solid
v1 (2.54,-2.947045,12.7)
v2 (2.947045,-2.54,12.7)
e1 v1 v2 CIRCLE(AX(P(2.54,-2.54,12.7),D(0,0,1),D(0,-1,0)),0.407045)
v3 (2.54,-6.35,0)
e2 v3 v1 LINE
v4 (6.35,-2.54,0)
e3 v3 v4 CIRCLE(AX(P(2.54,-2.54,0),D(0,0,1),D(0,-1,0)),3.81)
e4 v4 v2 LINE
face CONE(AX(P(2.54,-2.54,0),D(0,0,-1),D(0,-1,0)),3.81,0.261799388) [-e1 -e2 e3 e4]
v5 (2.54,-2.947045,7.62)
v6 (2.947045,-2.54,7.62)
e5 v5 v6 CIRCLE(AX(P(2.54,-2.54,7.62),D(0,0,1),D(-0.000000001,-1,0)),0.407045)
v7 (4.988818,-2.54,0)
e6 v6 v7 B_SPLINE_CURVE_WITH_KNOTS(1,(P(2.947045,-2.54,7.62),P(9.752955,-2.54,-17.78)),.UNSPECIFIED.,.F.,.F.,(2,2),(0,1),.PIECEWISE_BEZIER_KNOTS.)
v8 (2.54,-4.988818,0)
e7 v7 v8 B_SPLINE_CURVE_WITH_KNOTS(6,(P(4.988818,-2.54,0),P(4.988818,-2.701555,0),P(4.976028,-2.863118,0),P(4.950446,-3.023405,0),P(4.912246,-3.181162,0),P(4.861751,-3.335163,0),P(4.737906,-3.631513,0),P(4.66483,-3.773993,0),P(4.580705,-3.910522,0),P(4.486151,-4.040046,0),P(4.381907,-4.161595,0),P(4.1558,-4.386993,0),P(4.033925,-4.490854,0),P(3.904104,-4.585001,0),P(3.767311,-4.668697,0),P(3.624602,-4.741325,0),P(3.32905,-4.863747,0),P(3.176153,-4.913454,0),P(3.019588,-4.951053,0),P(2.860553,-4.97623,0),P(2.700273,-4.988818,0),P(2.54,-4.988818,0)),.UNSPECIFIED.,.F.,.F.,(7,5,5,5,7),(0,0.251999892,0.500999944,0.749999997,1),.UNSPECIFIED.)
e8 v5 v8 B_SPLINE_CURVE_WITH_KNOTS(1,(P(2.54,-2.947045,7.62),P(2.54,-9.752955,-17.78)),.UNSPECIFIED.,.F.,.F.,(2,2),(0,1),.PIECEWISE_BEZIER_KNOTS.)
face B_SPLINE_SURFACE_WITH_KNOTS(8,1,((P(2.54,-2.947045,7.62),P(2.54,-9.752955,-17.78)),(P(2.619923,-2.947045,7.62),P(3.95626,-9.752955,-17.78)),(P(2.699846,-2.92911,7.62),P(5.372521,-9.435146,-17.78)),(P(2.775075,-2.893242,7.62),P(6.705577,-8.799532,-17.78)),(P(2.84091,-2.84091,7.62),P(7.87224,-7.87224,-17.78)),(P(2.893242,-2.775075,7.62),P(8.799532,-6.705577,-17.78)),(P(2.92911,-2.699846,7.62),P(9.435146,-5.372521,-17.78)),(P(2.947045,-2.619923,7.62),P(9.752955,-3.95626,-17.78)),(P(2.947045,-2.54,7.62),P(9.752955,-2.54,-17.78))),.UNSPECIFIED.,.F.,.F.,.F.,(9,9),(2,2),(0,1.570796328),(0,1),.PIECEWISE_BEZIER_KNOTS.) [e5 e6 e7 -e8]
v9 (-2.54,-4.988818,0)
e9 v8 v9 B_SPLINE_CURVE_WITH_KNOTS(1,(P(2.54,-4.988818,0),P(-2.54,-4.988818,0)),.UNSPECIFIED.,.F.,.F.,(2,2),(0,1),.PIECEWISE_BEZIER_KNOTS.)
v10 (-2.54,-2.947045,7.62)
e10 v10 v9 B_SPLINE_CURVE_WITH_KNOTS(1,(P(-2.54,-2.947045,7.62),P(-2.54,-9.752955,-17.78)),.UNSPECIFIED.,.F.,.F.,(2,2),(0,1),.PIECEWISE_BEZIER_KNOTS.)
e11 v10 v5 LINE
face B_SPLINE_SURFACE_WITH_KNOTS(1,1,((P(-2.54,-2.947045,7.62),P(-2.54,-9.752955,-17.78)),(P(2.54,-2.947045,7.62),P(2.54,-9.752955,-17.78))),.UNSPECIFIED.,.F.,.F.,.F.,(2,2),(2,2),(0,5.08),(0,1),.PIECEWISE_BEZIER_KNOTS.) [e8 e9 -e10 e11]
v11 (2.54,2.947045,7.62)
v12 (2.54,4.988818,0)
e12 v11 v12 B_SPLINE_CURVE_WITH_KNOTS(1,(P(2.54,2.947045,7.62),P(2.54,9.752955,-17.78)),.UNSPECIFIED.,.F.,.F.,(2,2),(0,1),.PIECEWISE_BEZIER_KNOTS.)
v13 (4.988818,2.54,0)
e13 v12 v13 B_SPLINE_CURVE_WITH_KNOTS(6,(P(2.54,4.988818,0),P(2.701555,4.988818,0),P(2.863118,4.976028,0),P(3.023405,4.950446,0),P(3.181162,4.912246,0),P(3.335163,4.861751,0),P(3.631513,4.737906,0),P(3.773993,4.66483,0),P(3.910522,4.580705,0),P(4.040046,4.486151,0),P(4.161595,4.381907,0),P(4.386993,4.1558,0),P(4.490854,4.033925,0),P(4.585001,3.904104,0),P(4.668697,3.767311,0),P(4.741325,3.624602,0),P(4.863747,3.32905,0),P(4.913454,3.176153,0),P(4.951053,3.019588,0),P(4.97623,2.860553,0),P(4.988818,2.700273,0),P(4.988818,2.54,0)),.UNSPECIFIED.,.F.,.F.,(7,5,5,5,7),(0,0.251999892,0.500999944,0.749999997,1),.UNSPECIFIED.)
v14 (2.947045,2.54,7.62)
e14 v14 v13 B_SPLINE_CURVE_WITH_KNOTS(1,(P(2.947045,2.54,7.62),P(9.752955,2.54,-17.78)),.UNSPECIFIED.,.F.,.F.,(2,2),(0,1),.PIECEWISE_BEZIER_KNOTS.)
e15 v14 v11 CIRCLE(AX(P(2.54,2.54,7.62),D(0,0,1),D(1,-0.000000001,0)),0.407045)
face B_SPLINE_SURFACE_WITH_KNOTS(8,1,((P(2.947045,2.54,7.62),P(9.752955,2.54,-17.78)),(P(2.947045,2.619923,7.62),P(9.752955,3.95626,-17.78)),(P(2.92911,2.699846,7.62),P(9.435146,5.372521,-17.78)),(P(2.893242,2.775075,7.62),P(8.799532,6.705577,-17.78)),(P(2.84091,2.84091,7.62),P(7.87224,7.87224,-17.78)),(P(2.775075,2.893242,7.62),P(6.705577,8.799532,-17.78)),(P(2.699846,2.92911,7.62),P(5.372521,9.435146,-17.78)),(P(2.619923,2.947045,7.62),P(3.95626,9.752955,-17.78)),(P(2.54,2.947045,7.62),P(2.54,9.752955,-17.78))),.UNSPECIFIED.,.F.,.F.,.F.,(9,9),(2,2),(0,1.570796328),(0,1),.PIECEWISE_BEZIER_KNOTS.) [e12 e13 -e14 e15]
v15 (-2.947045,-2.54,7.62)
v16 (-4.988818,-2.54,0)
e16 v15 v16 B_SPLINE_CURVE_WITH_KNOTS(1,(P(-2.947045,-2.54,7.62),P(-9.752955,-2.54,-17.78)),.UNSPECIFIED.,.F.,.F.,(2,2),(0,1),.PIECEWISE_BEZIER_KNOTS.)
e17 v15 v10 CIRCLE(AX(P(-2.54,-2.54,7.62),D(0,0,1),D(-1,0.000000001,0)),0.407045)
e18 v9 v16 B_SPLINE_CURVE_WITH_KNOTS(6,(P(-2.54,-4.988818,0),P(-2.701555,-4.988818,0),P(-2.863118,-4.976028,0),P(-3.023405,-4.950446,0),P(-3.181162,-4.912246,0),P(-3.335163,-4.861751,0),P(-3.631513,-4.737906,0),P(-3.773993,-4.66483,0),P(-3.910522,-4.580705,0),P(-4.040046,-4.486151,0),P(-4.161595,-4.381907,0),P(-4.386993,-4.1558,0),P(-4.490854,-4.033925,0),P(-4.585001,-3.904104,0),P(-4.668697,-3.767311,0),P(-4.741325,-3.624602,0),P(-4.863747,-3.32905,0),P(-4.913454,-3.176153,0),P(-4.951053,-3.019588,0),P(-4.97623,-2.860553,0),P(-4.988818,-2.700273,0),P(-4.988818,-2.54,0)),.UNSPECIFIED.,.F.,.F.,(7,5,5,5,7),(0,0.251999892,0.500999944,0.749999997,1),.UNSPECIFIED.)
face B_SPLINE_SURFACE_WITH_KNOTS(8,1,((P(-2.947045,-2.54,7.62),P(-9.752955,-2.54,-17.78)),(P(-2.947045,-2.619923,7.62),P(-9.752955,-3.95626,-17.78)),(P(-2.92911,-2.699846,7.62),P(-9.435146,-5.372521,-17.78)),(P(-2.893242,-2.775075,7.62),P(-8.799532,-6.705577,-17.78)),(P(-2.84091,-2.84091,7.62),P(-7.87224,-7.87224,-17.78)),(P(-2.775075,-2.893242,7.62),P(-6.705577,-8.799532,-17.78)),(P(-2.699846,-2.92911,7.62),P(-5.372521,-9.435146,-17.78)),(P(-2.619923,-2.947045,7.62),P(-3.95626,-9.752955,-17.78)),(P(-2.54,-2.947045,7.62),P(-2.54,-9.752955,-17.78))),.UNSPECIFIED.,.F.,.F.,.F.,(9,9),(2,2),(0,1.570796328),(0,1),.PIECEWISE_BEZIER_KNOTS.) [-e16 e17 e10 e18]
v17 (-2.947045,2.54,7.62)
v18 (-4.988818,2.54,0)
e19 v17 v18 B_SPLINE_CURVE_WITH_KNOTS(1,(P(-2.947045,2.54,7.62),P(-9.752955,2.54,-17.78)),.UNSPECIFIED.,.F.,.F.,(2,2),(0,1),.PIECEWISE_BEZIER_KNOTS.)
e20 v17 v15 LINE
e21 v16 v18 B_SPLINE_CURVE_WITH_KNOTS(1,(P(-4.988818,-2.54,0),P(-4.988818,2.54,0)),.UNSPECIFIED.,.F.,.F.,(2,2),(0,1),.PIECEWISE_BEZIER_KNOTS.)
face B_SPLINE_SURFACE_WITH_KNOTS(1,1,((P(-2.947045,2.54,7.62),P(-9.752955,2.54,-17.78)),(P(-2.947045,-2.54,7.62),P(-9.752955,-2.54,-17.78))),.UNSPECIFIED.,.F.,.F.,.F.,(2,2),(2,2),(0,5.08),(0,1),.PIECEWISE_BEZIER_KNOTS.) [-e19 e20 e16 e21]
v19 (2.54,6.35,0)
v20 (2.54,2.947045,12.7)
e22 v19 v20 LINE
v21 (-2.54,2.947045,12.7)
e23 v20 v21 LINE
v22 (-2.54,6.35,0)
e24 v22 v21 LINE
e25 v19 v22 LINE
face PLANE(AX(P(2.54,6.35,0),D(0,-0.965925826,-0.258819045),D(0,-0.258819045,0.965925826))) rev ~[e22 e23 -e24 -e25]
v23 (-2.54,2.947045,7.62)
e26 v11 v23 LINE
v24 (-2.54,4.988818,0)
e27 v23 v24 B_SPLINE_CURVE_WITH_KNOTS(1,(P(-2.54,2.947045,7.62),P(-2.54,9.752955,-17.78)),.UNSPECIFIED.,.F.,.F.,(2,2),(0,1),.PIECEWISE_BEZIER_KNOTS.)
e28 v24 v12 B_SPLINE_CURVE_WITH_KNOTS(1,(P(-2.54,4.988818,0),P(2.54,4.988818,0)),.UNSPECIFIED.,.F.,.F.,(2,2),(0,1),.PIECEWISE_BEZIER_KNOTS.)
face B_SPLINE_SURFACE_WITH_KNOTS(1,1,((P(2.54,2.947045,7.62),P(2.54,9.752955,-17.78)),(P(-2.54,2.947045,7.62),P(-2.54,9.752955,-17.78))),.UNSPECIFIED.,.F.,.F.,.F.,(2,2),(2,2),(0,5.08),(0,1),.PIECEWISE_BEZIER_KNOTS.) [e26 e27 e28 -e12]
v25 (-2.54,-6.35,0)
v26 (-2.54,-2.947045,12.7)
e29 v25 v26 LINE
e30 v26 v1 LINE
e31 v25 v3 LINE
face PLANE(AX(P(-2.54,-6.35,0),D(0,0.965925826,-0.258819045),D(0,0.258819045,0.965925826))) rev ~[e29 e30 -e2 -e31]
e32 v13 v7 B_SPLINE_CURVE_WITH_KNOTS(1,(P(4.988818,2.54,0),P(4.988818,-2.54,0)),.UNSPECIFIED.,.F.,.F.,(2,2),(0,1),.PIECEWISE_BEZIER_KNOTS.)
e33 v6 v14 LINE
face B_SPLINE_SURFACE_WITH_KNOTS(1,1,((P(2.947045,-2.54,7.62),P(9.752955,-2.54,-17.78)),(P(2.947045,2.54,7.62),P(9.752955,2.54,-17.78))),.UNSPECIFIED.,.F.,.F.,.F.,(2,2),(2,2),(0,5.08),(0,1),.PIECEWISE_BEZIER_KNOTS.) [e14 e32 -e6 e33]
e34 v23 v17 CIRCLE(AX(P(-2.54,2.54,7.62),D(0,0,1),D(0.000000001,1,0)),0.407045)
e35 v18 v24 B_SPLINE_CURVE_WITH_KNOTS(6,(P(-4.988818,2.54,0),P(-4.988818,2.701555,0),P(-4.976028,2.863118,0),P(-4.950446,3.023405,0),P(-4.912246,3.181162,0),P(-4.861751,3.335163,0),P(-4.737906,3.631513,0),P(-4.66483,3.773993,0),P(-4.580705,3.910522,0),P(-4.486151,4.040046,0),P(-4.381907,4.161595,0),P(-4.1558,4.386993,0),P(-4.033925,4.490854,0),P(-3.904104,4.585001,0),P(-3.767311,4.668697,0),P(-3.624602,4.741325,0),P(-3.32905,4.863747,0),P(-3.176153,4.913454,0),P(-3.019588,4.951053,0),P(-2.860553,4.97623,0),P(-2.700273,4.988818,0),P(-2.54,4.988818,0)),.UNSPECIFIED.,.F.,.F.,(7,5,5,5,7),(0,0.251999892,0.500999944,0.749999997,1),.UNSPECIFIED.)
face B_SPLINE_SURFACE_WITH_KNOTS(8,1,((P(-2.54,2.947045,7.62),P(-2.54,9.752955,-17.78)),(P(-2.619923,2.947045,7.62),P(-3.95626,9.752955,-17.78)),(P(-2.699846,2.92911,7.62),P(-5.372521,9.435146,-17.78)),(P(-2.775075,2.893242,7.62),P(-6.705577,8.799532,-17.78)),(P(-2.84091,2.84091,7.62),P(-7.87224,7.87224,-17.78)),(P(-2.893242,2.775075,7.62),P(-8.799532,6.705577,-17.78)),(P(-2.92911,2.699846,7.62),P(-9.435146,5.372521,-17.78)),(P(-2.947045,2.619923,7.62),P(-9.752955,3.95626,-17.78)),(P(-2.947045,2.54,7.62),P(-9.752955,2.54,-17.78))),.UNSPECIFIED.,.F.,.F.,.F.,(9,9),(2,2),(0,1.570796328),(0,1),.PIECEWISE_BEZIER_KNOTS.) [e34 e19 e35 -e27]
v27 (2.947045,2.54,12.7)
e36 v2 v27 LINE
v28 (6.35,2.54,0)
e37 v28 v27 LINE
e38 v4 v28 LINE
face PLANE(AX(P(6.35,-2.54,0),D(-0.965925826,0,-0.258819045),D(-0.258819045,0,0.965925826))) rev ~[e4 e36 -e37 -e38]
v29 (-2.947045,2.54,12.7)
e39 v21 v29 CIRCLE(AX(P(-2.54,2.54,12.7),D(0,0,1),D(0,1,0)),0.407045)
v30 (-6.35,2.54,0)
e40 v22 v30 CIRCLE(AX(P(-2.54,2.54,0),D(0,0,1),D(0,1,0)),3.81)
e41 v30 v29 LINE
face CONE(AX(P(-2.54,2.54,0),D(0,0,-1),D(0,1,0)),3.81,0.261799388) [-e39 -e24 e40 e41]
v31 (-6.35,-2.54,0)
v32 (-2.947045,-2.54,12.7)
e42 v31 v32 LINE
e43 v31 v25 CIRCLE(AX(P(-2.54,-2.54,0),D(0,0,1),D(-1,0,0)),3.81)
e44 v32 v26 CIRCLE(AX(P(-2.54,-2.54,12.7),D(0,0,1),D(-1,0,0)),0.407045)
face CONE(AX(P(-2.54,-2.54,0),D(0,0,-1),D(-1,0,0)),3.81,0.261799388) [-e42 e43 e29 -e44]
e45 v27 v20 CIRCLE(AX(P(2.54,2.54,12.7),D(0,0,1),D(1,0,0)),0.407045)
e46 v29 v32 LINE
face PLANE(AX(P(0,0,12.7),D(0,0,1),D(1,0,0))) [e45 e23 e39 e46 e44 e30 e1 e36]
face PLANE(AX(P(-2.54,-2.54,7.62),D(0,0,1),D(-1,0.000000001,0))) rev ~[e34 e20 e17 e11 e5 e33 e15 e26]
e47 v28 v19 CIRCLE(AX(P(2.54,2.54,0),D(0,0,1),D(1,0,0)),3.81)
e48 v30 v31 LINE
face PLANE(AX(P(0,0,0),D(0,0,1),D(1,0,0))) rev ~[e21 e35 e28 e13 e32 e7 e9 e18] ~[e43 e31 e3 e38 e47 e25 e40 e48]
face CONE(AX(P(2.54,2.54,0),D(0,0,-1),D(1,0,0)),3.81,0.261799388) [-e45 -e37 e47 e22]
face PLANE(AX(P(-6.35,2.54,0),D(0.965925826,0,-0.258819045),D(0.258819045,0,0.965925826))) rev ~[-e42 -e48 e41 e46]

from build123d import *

# Parameters (mm, degrees)
F1_DEPTH = 12.7
F1_TAPER = 15
F4_DEPTH = 25.4
F4_TAPER = -15


with BuildPart() as f1:
    # F0 (on Top) → F1 (new body)
    with BuildSketch(Plane.XY):
        with BuildLine():
            ThreePointArc((6.35, 2.54), (5.2340768363, 5.2340768363), (2.54, 6.35))
            Line((2.54, 6.35), (-2.54, 6.35))
            ThreePointArc((-2.54, 6.35), (-5.2340768363, 5.2340768363), (-6.35, 2.54))
            Line((-6.35, 2.54), (-6.35, -2.54))
            ThreePointArc((-6.35, -2.54), (-5.2340768363, -5.2340768363), (-2.54, -6.35))
            Line((-2.54, -6.35), (2.54, -6.35))
            ThreePointArc((2.54, -6.35), (5.2340768363, -5.2340768363), (6.35, -2.54))
            Line((6.35, -2.54), (6.35, 2.54))
        make_face()
    extrude(amount=F1_DEPTH, taper=F1_TAPER)

    # F3 (on offset) → F4 (cut)
    with BuildSketch(Plane.XY.offset(7.62)):
        with BuildLine():
            ThreePointArc((-2.9470452561, -2.54), (-2.8278244609, -2.8278244609), (-2.54, -2.9470452561))
            Line((-2.54, -2.9470452561), (2.54, -2.9470452561))
            ThreePointArc((2.54, -2.9470452561), (2.8278244609, -2.8278244609), (2.9470452561, -2.54))
            Line((2.9470452561, -2.54), (2.9470452561, 2.54))
            ThreePointArc((2.9470452561, 2.54), (2.8278244609, 2.8278244609), (2.54, 2.9470452561))
            Line((2.54, 2.9470452561), (-2.54, 2.9470452561))
            ThreePointArc((-2.54, 2.9470452561), (-2.8278244609, 2.8278244609), (-2.9470452561, 2.54))
            Line((-2.9470452561, 2.54), (-2.9470452561, -2.54))
        make_face()
    extrude(amount=-F4_DEPTH, taper=F4_TAPER, mode=Mode.SUBTRACT)


solid = f1.part
